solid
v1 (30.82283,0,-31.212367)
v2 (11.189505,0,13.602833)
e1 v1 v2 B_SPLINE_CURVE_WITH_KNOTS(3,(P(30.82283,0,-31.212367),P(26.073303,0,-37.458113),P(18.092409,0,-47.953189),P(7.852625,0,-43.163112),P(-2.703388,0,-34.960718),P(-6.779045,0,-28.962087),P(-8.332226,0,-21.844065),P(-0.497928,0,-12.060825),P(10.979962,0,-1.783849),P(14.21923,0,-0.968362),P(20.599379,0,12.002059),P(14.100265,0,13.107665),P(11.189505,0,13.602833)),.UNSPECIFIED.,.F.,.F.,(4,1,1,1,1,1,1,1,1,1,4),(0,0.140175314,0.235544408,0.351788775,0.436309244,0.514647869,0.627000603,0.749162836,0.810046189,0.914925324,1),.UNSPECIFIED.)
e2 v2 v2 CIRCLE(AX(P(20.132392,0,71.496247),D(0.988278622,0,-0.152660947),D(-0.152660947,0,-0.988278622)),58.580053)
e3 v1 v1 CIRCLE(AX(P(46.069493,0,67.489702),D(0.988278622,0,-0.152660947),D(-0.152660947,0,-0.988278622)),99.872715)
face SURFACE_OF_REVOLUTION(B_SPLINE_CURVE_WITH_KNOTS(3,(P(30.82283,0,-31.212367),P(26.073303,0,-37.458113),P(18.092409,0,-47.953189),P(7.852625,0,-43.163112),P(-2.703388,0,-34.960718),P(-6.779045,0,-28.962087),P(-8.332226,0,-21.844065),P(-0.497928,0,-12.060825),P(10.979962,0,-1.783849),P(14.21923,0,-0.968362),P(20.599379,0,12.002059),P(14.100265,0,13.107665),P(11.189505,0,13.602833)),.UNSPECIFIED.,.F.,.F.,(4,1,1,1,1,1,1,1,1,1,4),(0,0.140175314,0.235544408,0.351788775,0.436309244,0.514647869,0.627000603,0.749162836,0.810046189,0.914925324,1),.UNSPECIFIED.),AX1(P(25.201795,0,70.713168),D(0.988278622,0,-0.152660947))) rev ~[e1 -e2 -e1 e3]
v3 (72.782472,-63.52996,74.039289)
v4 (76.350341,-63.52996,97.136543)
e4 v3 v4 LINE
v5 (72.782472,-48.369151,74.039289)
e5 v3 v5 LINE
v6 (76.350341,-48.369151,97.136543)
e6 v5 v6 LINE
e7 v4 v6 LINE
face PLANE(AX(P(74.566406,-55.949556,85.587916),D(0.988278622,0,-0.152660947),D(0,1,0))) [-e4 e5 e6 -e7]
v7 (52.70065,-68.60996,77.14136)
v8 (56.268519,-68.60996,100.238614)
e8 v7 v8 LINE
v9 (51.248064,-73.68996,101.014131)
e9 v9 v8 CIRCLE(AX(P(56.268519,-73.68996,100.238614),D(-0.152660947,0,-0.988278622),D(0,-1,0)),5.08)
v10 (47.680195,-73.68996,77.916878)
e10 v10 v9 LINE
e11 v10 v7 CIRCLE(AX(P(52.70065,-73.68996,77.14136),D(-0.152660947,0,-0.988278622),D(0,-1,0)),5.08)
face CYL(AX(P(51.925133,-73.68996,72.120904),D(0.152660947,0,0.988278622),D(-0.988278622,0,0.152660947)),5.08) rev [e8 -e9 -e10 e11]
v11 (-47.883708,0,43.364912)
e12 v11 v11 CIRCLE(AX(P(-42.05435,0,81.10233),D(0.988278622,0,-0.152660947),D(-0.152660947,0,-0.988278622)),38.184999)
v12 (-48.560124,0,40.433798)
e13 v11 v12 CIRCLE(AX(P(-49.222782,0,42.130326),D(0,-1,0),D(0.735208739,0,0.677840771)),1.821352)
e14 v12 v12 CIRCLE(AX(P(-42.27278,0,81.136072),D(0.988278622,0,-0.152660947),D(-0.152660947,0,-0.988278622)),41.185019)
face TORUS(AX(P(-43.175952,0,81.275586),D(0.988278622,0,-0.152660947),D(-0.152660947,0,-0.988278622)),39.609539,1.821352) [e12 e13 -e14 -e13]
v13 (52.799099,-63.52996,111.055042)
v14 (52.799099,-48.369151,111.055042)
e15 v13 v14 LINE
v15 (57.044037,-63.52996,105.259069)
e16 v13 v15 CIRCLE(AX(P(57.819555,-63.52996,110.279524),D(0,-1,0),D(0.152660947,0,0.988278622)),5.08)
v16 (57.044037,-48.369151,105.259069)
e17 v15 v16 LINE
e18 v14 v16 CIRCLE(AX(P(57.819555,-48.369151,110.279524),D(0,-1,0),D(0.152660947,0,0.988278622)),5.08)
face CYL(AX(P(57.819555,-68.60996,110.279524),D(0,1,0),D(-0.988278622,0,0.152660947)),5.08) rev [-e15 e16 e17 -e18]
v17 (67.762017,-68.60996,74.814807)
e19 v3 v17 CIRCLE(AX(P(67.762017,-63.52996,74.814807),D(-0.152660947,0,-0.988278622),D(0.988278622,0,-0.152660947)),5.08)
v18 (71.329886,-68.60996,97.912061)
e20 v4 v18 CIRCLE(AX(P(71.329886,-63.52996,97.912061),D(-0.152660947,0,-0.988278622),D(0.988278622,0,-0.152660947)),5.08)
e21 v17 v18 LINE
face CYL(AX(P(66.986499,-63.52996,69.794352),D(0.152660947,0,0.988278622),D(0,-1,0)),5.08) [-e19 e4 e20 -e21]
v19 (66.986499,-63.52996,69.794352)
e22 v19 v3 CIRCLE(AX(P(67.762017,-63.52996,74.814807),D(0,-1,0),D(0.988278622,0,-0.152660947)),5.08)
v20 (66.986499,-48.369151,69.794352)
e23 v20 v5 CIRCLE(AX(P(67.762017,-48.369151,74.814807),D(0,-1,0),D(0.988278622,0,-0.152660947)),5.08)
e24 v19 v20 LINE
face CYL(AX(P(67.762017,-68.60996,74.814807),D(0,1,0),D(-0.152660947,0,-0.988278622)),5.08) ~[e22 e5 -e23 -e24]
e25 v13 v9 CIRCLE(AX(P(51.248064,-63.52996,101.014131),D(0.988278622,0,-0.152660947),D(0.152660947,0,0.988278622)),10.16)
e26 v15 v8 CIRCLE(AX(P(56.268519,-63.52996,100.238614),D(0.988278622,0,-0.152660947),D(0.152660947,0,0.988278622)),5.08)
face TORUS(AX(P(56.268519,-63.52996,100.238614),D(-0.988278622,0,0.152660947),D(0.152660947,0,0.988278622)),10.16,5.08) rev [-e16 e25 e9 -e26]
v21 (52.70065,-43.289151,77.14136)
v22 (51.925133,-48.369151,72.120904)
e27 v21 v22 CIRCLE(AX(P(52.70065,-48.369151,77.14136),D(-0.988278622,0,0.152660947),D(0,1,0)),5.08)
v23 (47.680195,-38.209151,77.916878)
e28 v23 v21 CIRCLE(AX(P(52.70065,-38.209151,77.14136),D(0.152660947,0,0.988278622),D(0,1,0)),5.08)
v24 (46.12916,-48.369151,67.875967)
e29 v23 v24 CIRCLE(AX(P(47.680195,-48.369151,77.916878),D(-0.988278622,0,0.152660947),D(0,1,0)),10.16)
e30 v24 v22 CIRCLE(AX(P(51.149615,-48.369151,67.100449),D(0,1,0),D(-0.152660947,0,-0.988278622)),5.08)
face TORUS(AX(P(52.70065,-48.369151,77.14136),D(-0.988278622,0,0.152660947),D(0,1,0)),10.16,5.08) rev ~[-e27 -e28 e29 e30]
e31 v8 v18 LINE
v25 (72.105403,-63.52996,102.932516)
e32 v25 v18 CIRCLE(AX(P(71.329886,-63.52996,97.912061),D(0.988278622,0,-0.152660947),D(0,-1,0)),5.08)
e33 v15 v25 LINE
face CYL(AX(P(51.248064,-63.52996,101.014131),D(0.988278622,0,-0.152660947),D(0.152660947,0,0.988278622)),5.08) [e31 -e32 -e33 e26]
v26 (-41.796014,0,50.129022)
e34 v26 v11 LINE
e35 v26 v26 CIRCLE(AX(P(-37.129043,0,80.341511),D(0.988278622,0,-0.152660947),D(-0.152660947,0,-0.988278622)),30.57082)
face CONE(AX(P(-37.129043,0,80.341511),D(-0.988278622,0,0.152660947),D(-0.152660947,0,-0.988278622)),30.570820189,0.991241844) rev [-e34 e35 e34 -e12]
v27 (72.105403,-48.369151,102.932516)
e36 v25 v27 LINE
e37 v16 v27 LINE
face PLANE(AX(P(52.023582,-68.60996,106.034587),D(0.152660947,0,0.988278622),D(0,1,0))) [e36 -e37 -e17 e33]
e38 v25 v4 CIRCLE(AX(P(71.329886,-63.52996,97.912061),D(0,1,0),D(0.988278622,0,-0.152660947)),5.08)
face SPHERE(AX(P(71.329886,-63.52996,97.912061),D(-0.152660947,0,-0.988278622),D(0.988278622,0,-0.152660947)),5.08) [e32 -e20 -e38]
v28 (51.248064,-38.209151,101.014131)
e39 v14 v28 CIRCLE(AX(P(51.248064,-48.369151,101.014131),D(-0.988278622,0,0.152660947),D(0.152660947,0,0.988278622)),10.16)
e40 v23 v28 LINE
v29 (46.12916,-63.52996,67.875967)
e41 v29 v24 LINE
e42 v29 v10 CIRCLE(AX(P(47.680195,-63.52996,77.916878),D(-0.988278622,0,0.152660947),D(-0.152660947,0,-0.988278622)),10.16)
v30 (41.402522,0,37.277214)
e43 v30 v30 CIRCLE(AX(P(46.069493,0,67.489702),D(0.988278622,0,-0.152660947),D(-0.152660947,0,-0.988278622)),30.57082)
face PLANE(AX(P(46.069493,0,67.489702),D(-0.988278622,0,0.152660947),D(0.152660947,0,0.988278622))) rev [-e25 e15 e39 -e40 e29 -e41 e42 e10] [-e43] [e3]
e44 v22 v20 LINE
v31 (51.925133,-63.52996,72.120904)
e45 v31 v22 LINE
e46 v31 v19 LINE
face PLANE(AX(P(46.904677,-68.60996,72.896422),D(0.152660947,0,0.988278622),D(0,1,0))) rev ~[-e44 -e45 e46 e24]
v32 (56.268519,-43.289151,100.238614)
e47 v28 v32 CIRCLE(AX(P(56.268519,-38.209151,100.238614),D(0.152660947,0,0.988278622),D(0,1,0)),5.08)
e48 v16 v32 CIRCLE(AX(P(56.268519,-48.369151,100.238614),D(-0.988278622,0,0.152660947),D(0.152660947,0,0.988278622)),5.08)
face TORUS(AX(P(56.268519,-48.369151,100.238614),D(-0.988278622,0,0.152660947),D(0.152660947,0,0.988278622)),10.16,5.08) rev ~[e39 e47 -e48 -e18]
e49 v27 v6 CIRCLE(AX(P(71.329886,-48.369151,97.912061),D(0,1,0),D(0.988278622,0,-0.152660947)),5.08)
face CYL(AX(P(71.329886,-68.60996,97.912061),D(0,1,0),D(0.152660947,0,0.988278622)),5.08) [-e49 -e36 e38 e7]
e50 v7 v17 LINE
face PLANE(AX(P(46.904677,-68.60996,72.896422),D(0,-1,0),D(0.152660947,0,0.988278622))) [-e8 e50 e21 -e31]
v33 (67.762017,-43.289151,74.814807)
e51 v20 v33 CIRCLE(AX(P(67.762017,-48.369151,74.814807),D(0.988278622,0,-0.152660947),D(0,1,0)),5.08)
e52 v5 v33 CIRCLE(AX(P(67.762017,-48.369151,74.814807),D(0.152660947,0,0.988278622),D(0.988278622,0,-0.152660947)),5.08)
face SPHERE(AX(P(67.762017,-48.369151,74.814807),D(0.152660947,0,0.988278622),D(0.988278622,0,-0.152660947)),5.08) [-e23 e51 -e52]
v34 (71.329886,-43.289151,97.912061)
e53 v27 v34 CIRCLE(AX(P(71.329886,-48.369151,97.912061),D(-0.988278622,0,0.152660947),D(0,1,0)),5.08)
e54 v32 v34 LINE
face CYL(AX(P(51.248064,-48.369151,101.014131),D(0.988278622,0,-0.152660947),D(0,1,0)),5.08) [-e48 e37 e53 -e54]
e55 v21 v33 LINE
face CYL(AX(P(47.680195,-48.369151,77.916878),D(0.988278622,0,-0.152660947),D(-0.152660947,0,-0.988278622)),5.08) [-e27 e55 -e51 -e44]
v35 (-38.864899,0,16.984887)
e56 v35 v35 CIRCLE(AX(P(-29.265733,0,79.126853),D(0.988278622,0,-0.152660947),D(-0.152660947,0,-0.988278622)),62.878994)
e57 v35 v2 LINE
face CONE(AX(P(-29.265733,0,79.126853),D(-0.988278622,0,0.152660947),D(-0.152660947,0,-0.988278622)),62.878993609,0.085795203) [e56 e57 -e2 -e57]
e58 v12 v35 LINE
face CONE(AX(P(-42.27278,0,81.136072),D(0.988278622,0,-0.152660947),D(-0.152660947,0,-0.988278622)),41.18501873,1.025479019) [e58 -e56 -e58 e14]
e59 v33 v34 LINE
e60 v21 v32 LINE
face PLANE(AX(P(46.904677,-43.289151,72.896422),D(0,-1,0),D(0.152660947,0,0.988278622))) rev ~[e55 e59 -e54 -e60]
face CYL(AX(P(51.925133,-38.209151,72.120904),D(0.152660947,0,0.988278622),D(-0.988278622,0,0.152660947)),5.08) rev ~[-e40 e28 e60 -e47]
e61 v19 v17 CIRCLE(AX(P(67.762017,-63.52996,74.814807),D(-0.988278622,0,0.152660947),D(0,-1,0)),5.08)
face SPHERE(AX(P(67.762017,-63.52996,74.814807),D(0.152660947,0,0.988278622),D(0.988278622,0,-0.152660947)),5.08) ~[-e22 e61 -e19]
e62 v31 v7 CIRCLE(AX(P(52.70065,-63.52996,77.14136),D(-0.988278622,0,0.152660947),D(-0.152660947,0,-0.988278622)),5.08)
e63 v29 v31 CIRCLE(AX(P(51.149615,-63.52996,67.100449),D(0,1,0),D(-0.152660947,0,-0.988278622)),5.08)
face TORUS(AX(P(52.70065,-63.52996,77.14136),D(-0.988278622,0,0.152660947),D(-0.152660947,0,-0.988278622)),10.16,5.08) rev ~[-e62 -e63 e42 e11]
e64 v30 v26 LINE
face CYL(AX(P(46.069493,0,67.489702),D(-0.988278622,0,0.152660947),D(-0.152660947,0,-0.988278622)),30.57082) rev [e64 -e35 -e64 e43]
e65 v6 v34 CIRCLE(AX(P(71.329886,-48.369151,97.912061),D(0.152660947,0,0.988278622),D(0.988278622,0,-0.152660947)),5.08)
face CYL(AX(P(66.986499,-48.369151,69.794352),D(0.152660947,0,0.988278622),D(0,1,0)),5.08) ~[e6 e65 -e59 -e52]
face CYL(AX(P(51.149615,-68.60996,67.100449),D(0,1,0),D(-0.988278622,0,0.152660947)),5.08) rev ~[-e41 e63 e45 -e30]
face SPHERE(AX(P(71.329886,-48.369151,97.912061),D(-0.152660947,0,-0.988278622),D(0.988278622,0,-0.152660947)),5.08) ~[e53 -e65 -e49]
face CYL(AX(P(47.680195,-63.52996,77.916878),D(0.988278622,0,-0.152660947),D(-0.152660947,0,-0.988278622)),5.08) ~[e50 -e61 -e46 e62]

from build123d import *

# Parameters (mm, degrees)
F2_W     = 25.3208093345
F2_H     = 33.5311964154
F3_DEPTH = 25.4
F4_R     = 5.08


with BuildPart() as f1:
    # F0 (on Front) → F1 (revolve)
    with BuildSketch(Plane.XZ):
        with BuildLine():
            Line((41.4025224745, 37.2772142291), (-41.7960137129, 50.1290224493))
            Line((-41.7960137129, 50.1290224493), (-47.88370803, 43.3649122715))
            ThreePointArc((-47.88370803, 43.3649122715), (-50.9974901684, 42.5398768664), (-48.5601238906, 40.4337979853))
            Line((-48.5601238906, 40.4337979853), (-38.8648994267, 16.9848874211))
            Line((-38.8648994267, 16.9848874211), (11.1895054579, 13.6028332636))
            add(Edge.make_bspline(
                [(30.8228296311, -31.2123665991), (26.0733032642, -37.4581128086), (18.0924088688, -47.9531889632), (7.852625195, -43.1631124747), (-2.7033883096, -34.9607181424), (-6.7790452743, -28.9620872502), (-8.3322263391, -21.8440654817), (-0.4979283624, -12.0608253538), (10.9799622152, -1.7838494148), (14.2192302297, -0.9683620358), (20.5993785527, 12.0020594584), (14.1002654097, 13.1076652377), (11.1895054579, 13.6028332636)],
                knots=[0, 0, 0, 0, 0.1401753137, 0.2355444079, 0.3517887755, 0.4363092439, 0.5146478692, 0.6270006035, 0.749162836, 0.8100461893, 0.914925324, 1, 1, 1, 1], degree=3))
            Line((30.8228296311, -31.2123665991), (41.4025224745, 37.2772142291))
        make_face()
    revolve(axis=Axis((25.2017948977, 0, 70.7131682774), (0.9882786223, 0, -0.152660947)))

    # F2 (on face) → F3 (join)
    with BuildSketch(Plane(origin=(34.8135504836, 0, -5.3777036806), x_dir=(0, 1, 0), z_dir=(0.9882786223, 0, -0.152660947))):
        with Locations((-55.94955571, 95.9680862725)):
            Rectangle(F2_W, F2_H)
    extrude(amount=F3_DEPTH)

    # F4
    f4_edges = [f1.edges().sort_by_distance(p)[0] for p in [
        (74.566406, -68.60996, 85.587916),
        (74.566406, -43.289151, 85.587916),
        (72.006954, -55.949556, 69.018834),
        (77.125859, -55.949556, 102.156999),
        (64.57472, -68.60996, 104.095793),
        (59.455816, -68.60996, 70.957628),
        (59.455816, -43.289151, 70.957628),
        (64.57472, -43.289151, 104.095793),
        (52.023582, -55.949556, 106.034587),
        (49.464129, -43.289151, 89.465504),
        (46.904677, -55.949556, 72.896422),
        (49.464129, -68.60996, 89.465504),
    ]]
    fillet(f4_edges, radius=F4_R)


solid = f1.part
